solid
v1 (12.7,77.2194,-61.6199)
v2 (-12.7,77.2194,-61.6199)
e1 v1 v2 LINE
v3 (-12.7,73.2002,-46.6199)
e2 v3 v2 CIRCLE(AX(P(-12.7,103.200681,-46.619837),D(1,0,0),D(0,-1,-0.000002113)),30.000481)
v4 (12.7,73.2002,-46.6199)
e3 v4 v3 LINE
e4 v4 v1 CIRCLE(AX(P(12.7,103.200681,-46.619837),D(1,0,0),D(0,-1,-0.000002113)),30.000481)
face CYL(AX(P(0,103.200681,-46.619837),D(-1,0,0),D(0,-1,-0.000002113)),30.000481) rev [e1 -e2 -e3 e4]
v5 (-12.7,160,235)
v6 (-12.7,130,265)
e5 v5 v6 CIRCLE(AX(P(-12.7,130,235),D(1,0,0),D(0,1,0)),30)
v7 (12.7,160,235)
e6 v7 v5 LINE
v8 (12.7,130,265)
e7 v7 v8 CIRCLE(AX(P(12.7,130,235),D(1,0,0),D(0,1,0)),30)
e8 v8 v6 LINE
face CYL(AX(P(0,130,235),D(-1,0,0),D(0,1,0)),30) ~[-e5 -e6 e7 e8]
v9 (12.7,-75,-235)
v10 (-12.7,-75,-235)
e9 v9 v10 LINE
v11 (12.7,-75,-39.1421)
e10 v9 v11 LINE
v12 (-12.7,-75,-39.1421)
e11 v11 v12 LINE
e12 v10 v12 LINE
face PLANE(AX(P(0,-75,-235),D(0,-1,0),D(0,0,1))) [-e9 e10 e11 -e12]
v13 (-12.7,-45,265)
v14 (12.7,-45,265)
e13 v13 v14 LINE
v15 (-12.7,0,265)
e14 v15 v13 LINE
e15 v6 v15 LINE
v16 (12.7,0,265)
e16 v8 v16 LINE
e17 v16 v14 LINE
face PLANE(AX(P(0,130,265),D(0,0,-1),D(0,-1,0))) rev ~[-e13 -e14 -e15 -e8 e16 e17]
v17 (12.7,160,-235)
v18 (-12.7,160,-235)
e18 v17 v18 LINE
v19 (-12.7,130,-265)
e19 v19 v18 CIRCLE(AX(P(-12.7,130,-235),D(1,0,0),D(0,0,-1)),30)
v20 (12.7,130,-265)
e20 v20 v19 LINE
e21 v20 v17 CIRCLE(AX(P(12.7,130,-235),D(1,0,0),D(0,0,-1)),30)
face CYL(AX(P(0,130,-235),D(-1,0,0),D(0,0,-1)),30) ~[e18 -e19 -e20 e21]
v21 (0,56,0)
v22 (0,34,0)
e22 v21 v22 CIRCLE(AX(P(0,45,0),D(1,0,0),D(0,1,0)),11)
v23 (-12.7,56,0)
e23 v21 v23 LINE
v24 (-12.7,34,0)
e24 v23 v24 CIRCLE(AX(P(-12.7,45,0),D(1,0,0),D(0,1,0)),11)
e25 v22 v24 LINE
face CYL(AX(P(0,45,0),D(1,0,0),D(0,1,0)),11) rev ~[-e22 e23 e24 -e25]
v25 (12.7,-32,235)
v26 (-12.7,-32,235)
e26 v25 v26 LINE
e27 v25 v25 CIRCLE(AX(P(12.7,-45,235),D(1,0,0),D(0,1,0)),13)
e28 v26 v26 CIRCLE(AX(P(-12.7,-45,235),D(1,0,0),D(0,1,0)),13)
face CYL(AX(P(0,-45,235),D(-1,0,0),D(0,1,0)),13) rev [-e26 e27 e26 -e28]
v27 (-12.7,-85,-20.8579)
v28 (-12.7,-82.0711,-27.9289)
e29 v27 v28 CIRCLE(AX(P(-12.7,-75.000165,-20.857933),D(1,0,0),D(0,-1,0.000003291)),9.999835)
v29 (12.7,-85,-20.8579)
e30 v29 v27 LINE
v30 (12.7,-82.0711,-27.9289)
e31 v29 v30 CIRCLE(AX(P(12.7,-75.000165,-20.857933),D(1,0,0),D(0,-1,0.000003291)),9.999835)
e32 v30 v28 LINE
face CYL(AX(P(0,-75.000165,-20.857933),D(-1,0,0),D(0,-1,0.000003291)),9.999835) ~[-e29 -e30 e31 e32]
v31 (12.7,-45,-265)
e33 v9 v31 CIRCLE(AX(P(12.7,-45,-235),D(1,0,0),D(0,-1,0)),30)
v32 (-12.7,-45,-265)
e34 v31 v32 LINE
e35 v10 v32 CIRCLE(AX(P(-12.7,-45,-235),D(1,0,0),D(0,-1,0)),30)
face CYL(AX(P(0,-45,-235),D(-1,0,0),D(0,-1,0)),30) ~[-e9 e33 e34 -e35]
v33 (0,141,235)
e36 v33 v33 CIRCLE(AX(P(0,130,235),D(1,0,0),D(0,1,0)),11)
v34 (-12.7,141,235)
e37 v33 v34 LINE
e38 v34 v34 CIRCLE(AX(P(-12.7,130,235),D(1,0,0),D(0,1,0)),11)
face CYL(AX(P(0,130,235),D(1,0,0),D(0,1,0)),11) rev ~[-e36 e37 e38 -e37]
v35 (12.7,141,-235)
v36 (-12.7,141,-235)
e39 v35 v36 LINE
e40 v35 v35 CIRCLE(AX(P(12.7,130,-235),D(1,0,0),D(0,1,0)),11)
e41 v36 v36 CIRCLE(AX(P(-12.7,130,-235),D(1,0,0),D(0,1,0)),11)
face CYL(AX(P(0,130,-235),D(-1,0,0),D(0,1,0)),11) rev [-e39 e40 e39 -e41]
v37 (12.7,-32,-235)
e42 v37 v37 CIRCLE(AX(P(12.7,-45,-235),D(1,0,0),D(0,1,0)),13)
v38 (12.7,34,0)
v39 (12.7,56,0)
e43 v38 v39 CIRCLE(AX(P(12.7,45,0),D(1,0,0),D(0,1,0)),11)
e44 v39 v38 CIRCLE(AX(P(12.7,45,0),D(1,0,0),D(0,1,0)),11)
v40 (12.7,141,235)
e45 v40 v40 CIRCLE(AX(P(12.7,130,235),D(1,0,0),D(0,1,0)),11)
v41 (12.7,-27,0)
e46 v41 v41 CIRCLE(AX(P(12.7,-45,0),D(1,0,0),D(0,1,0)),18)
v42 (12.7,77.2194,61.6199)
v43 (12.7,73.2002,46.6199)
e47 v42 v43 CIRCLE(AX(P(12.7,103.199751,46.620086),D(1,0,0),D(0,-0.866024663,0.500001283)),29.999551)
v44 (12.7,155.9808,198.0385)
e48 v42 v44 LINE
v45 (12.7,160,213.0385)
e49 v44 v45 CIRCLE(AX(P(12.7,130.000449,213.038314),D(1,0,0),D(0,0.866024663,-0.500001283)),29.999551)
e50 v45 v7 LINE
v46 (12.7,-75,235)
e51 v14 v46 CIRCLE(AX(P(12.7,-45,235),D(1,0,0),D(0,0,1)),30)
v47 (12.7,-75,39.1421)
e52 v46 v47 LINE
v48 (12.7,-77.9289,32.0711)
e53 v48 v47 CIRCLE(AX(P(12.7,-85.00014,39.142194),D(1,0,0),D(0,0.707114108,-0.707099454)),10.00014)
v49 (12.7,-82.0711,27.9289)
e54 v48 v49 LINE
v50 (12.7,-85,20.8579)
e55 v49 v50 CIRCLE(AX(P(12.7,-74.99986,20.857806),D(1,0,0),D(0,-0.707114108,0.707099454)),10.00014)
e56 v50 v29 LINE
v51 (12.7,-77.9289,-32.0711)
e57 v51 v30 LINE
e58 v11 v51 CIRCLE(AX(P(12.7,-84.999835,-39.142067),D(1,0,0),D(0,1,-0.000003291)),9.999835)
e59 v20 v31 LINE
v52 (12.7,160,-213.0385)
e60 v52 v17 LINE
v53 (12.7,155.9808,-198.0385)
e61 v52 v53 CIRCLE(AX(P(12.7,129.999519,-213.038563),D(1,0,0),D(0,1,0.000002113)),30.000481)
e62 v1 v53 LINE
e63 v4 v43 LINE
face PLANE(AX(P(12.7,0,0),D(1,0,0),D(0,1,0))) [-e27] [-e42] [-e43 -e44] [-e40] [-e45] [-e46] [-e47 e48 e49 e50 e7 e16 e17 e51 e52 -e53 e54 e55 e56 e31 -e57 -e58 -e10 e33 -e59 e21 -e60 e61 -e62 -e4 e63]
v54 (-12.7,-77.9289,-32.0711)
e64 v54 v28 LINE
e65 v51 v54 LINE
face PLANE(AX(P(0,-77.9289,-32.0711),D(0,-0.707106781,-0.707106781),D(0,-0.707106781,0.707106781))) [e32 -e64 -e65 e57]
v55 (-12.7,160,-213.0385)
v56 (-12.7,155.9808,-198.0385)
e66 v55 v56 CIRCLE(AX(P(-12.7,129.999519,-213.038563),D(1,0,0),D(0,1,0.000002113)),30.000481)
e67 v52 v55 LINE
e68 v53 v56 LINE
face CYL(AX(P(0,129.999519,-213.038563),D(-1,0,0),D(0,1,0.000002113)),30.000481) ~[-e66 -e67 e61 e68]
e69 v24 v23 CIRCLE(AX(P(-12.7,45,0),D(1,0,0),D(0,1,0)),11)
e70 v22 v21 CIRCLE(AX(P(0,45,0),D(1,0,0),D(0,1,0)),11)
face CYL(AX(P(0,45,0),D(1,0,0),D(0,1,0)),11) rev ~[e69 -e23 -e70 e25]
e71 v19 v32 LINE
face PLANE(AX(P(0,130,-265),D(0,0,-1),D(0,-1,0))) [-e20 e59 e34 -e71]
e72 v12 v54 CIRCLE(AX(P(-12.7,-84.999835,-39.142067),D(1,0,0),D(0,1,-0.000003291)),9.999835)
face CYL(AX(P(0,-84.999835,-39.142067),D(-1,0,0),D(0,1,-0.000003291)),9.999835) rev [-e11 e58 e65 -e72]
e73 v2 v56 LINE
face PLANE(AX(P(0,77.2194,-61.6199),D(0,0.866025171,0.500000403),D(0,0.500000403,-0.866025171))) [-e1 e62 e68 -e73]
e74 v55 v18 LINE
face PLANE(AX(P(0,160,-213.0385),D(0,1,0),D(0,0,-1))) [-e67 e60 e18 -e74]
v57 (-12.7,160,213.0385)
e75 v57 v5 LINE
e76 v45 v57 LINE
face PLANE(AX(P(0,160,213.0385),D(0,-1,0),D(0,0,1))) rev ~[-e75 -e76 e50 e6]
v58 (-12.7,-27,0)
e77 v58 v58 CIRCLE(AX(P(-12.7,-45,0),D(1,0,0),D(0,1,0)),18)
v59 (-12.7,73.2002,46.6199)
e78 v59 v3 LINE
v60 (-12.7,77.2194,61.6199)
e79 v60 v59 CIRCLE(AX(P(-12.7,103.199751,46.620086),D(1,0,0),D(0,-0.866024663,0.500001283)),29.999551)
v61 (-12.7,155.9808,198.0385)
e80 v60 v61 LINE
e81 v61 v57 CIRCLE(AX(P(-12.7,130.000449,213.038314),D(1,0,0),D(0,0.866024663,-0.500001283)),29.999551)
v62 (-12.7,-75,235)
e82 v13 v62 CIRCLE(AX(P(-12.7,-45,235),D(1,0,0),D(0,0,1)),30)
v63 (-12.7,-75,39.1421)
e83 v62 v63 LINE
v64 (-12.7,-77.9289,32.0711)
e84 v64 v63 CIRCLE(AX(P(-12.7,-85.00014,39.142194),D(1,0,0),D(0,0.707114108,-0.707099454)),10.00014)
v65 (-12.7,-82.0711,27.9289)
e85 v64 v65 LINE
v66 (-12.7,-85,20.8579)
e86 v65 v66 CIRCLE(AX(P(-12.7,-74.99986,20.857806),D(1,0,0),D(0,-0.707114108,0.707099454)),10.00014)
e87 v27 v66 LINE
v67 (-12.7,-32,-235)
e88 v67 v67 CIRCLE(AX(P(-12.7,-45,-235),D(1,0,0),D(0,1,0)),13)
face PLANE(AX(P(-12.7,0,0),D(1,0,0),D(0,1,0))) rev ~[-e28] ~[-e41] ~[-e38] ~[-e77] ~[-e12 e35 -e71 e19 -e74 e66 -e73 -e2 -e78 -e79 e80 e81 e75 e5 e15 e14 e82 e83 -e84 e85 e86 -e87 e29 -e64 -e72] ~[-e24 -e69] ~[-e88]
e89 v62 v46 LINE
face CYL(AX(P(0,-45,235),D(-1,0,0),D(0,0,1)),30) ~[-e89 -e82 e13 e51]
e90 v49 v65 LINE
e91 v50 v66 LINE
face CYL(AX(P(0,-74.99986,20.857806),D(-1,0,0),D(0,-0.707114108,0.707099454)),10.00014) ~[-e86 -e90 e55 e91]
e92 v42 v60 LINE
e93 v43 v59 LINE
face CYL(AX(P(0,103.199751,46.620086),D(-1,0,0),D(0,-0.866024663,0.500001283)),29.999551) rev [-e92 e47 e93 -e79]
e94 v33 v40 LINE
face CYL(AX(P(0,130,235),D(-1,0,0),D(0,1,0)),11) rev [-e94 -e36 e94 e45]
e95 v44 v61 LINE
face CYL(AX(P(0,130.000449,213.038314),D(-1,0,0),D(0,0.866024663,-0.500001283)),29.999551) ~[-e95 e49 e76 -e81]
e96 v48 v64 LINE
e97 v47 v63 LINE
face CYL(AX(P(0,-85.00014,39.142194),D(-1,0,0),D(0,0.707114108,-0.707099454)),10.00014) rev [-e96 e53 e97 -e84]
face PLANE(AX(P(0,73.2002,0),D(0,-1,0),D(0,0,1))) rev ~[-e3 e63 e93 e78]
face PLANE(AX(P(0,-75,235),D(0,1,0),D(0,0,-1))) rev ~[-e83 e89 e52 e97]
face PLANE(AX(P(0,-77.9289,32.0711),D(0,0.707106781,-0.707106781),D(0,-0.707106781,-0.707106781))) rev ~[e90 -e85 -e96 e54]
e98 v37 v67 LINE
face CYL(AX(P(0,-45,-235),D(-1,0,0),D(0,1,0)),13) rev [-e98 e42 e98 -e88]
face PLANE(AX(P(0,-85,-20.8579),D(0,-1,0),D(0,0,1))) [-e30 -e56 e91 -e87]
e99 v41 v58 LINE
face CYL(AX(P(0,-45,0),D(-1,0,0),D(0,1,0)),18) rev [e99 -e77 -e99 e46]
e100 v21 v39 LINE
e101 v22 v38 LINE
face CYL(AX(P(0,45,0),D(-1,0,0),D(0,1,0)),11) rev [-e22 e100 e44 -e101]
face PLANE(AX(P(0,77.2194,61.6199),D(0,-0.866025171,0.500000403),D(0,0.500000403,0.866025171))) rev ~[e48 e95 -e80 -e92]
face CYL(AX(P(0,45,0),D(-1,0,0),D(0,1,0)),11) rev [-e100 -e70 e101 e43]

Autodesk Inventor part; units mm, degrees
ref_plane "YZ Plane" through (0, 0, 0) normal (1, 0, 0) x (0, 1, 0)
ref_plane "XZ Plane" through (0, 0, 0) normal (0, 1, 0) x (-1, 0, 0)
ref_plane "XY Plane" through (0, 0, 0) normal (0, 0, 1) x (1, 0, 0)
sketch "Sketch1" plane through (0, 0, 0) normal (1, 0, 0) x (0, 1, 0)
  circle A0 centre (45, 0) radius 11
  line L0 (45, 0) -> (0, 0)
  circle A1 centre (130, 235) radius 11
  line L1 (73.2002, 0) -> (73.2002, 46.6199)
  line L2 (77.2194, 61.6199) -> (155.9808, 198.0385)
  line L3 (160, 213.0385) -> (160, 235)
  arc A2 (160, 235) -> (130, 265) centre (130, 235) ccw
  line L4 (130, 235) -> (130, 265) construction
  line L5 (130, 235) -> (160, 235) construction
  line L6 (130, 265) -> (-45, 265)
  circle A3 centre (-45, 0) radius 18
  line L7 (0, 0) -> (0, 265)
  circle A4 centre (-45, 235) radius 13
  arc A5 (-45, 265) -> (-75, 235) centre (-45, 235) ccw
  line L8 (-45, 235) -> (-75, 235) construction
  line L9 (-45, 235) -> (-45, 265) construction
  line L10 (-75, 235) -> (-75, 39.1421)
  line L11 (0, 0) -> (-45, 0)
  circle A6 centre (130, -235) radius 11
  line L12 (73.2002, 0) -> (73.2002, -46.6199)
  line L13 (77.2194, -61.6199) -> (155.9808, -198.0385)
  line L14 (160, -213.0385) -> (160, -235)
  arc A7 (130, -265) -> (160, -235) centre (130, -235) ccw
  line L15 (130, -265) -> (-45, -265)
  circle A8 centre (-45, -235) radius 13
  arc A9 (-75, -235) -> (-45, -265) centre (-45, -235) ccw
  line L16 (-45, -235) -> (-75, -235) construction
  line L17 (-75, -235) -> (-75, -39.1421)
  arc A10 (155.9808, 198.0385) -> (160, 213.0385) centre (130, 213.0385) ccw
  arc A11 (77.2194, 61.6199) -> (73.2002, 46.6199) centre (103.2002, 46.6199) ccw
  arc A12 (73.2002, -46.6199) -> (77.2194, -61.6199) centre (103.2002, -46.6199) ccw
  arc A13 (160, -213.0385) -> (155.9808, -198.0385) centre (130, -213.0385) ccw
  line L18 (-77.9289, 32.0711) -> (-82.0711, 27.9289)
  line L19 (-85, 20.8579) -> (-85, 0)
  line L20 (-77.9289, -32.0711) -> (-82.0711, -27.9289)
  line L21 (-85, -20.8579) -> (-85, 0)
  arc A14 (-77.9289, 32.0711) -> (-75, 39.1421) centre (-85, 39.1421) ccw
  arc A15 (-82.0711, 27.9289) -> (-85, 20.8579) centre (-75, 20.8579) ccw
  arc A16 (-85, -20.8579) -> (-82.0711, -27.9289) centre (-75, -20.8579) ccw
  arc A17 (-75, -39.1421) -> (-77.9289, -32.0711) centre (-85, -39.1421) ccw
  point P0 (73.2002, 54.6584)
  point P1 (160, 205)
  point P2 (-75, -35)
  point P3 (48.2002, -10.5242)
  point P4 (73.2002, -54.6584)
  point P5 (160, -205)
  point P6 (-85, 25)
  point P7 (-75, 35)
  point P8 (-85, -25)
  dimension "d0" = 22
  dimension "d1" = 22
  dimension "d2" = 470
  dimension "d3" = 90
  dimension "d4" = 36
  dimension "d7" = 30
  dimension "d8" = 26
  dimension "d9" = 90
  dimension "d11" = 25
  dimension "d12" = 85
  dimension "d13" = 90
  dimension "d14" = 30
  dimension "d15" = 30
  dimension "d16" = 30
  dimension "d19" = 45
  dimension "d20" = 40
  dimension "d21" = 50
  dimension "d22" = 10
extrude "Extrusion1" add sketch "Sketch1" along normal mid plane 25.4
properties part number "Balancim_3-Cabos_Modelo1"
